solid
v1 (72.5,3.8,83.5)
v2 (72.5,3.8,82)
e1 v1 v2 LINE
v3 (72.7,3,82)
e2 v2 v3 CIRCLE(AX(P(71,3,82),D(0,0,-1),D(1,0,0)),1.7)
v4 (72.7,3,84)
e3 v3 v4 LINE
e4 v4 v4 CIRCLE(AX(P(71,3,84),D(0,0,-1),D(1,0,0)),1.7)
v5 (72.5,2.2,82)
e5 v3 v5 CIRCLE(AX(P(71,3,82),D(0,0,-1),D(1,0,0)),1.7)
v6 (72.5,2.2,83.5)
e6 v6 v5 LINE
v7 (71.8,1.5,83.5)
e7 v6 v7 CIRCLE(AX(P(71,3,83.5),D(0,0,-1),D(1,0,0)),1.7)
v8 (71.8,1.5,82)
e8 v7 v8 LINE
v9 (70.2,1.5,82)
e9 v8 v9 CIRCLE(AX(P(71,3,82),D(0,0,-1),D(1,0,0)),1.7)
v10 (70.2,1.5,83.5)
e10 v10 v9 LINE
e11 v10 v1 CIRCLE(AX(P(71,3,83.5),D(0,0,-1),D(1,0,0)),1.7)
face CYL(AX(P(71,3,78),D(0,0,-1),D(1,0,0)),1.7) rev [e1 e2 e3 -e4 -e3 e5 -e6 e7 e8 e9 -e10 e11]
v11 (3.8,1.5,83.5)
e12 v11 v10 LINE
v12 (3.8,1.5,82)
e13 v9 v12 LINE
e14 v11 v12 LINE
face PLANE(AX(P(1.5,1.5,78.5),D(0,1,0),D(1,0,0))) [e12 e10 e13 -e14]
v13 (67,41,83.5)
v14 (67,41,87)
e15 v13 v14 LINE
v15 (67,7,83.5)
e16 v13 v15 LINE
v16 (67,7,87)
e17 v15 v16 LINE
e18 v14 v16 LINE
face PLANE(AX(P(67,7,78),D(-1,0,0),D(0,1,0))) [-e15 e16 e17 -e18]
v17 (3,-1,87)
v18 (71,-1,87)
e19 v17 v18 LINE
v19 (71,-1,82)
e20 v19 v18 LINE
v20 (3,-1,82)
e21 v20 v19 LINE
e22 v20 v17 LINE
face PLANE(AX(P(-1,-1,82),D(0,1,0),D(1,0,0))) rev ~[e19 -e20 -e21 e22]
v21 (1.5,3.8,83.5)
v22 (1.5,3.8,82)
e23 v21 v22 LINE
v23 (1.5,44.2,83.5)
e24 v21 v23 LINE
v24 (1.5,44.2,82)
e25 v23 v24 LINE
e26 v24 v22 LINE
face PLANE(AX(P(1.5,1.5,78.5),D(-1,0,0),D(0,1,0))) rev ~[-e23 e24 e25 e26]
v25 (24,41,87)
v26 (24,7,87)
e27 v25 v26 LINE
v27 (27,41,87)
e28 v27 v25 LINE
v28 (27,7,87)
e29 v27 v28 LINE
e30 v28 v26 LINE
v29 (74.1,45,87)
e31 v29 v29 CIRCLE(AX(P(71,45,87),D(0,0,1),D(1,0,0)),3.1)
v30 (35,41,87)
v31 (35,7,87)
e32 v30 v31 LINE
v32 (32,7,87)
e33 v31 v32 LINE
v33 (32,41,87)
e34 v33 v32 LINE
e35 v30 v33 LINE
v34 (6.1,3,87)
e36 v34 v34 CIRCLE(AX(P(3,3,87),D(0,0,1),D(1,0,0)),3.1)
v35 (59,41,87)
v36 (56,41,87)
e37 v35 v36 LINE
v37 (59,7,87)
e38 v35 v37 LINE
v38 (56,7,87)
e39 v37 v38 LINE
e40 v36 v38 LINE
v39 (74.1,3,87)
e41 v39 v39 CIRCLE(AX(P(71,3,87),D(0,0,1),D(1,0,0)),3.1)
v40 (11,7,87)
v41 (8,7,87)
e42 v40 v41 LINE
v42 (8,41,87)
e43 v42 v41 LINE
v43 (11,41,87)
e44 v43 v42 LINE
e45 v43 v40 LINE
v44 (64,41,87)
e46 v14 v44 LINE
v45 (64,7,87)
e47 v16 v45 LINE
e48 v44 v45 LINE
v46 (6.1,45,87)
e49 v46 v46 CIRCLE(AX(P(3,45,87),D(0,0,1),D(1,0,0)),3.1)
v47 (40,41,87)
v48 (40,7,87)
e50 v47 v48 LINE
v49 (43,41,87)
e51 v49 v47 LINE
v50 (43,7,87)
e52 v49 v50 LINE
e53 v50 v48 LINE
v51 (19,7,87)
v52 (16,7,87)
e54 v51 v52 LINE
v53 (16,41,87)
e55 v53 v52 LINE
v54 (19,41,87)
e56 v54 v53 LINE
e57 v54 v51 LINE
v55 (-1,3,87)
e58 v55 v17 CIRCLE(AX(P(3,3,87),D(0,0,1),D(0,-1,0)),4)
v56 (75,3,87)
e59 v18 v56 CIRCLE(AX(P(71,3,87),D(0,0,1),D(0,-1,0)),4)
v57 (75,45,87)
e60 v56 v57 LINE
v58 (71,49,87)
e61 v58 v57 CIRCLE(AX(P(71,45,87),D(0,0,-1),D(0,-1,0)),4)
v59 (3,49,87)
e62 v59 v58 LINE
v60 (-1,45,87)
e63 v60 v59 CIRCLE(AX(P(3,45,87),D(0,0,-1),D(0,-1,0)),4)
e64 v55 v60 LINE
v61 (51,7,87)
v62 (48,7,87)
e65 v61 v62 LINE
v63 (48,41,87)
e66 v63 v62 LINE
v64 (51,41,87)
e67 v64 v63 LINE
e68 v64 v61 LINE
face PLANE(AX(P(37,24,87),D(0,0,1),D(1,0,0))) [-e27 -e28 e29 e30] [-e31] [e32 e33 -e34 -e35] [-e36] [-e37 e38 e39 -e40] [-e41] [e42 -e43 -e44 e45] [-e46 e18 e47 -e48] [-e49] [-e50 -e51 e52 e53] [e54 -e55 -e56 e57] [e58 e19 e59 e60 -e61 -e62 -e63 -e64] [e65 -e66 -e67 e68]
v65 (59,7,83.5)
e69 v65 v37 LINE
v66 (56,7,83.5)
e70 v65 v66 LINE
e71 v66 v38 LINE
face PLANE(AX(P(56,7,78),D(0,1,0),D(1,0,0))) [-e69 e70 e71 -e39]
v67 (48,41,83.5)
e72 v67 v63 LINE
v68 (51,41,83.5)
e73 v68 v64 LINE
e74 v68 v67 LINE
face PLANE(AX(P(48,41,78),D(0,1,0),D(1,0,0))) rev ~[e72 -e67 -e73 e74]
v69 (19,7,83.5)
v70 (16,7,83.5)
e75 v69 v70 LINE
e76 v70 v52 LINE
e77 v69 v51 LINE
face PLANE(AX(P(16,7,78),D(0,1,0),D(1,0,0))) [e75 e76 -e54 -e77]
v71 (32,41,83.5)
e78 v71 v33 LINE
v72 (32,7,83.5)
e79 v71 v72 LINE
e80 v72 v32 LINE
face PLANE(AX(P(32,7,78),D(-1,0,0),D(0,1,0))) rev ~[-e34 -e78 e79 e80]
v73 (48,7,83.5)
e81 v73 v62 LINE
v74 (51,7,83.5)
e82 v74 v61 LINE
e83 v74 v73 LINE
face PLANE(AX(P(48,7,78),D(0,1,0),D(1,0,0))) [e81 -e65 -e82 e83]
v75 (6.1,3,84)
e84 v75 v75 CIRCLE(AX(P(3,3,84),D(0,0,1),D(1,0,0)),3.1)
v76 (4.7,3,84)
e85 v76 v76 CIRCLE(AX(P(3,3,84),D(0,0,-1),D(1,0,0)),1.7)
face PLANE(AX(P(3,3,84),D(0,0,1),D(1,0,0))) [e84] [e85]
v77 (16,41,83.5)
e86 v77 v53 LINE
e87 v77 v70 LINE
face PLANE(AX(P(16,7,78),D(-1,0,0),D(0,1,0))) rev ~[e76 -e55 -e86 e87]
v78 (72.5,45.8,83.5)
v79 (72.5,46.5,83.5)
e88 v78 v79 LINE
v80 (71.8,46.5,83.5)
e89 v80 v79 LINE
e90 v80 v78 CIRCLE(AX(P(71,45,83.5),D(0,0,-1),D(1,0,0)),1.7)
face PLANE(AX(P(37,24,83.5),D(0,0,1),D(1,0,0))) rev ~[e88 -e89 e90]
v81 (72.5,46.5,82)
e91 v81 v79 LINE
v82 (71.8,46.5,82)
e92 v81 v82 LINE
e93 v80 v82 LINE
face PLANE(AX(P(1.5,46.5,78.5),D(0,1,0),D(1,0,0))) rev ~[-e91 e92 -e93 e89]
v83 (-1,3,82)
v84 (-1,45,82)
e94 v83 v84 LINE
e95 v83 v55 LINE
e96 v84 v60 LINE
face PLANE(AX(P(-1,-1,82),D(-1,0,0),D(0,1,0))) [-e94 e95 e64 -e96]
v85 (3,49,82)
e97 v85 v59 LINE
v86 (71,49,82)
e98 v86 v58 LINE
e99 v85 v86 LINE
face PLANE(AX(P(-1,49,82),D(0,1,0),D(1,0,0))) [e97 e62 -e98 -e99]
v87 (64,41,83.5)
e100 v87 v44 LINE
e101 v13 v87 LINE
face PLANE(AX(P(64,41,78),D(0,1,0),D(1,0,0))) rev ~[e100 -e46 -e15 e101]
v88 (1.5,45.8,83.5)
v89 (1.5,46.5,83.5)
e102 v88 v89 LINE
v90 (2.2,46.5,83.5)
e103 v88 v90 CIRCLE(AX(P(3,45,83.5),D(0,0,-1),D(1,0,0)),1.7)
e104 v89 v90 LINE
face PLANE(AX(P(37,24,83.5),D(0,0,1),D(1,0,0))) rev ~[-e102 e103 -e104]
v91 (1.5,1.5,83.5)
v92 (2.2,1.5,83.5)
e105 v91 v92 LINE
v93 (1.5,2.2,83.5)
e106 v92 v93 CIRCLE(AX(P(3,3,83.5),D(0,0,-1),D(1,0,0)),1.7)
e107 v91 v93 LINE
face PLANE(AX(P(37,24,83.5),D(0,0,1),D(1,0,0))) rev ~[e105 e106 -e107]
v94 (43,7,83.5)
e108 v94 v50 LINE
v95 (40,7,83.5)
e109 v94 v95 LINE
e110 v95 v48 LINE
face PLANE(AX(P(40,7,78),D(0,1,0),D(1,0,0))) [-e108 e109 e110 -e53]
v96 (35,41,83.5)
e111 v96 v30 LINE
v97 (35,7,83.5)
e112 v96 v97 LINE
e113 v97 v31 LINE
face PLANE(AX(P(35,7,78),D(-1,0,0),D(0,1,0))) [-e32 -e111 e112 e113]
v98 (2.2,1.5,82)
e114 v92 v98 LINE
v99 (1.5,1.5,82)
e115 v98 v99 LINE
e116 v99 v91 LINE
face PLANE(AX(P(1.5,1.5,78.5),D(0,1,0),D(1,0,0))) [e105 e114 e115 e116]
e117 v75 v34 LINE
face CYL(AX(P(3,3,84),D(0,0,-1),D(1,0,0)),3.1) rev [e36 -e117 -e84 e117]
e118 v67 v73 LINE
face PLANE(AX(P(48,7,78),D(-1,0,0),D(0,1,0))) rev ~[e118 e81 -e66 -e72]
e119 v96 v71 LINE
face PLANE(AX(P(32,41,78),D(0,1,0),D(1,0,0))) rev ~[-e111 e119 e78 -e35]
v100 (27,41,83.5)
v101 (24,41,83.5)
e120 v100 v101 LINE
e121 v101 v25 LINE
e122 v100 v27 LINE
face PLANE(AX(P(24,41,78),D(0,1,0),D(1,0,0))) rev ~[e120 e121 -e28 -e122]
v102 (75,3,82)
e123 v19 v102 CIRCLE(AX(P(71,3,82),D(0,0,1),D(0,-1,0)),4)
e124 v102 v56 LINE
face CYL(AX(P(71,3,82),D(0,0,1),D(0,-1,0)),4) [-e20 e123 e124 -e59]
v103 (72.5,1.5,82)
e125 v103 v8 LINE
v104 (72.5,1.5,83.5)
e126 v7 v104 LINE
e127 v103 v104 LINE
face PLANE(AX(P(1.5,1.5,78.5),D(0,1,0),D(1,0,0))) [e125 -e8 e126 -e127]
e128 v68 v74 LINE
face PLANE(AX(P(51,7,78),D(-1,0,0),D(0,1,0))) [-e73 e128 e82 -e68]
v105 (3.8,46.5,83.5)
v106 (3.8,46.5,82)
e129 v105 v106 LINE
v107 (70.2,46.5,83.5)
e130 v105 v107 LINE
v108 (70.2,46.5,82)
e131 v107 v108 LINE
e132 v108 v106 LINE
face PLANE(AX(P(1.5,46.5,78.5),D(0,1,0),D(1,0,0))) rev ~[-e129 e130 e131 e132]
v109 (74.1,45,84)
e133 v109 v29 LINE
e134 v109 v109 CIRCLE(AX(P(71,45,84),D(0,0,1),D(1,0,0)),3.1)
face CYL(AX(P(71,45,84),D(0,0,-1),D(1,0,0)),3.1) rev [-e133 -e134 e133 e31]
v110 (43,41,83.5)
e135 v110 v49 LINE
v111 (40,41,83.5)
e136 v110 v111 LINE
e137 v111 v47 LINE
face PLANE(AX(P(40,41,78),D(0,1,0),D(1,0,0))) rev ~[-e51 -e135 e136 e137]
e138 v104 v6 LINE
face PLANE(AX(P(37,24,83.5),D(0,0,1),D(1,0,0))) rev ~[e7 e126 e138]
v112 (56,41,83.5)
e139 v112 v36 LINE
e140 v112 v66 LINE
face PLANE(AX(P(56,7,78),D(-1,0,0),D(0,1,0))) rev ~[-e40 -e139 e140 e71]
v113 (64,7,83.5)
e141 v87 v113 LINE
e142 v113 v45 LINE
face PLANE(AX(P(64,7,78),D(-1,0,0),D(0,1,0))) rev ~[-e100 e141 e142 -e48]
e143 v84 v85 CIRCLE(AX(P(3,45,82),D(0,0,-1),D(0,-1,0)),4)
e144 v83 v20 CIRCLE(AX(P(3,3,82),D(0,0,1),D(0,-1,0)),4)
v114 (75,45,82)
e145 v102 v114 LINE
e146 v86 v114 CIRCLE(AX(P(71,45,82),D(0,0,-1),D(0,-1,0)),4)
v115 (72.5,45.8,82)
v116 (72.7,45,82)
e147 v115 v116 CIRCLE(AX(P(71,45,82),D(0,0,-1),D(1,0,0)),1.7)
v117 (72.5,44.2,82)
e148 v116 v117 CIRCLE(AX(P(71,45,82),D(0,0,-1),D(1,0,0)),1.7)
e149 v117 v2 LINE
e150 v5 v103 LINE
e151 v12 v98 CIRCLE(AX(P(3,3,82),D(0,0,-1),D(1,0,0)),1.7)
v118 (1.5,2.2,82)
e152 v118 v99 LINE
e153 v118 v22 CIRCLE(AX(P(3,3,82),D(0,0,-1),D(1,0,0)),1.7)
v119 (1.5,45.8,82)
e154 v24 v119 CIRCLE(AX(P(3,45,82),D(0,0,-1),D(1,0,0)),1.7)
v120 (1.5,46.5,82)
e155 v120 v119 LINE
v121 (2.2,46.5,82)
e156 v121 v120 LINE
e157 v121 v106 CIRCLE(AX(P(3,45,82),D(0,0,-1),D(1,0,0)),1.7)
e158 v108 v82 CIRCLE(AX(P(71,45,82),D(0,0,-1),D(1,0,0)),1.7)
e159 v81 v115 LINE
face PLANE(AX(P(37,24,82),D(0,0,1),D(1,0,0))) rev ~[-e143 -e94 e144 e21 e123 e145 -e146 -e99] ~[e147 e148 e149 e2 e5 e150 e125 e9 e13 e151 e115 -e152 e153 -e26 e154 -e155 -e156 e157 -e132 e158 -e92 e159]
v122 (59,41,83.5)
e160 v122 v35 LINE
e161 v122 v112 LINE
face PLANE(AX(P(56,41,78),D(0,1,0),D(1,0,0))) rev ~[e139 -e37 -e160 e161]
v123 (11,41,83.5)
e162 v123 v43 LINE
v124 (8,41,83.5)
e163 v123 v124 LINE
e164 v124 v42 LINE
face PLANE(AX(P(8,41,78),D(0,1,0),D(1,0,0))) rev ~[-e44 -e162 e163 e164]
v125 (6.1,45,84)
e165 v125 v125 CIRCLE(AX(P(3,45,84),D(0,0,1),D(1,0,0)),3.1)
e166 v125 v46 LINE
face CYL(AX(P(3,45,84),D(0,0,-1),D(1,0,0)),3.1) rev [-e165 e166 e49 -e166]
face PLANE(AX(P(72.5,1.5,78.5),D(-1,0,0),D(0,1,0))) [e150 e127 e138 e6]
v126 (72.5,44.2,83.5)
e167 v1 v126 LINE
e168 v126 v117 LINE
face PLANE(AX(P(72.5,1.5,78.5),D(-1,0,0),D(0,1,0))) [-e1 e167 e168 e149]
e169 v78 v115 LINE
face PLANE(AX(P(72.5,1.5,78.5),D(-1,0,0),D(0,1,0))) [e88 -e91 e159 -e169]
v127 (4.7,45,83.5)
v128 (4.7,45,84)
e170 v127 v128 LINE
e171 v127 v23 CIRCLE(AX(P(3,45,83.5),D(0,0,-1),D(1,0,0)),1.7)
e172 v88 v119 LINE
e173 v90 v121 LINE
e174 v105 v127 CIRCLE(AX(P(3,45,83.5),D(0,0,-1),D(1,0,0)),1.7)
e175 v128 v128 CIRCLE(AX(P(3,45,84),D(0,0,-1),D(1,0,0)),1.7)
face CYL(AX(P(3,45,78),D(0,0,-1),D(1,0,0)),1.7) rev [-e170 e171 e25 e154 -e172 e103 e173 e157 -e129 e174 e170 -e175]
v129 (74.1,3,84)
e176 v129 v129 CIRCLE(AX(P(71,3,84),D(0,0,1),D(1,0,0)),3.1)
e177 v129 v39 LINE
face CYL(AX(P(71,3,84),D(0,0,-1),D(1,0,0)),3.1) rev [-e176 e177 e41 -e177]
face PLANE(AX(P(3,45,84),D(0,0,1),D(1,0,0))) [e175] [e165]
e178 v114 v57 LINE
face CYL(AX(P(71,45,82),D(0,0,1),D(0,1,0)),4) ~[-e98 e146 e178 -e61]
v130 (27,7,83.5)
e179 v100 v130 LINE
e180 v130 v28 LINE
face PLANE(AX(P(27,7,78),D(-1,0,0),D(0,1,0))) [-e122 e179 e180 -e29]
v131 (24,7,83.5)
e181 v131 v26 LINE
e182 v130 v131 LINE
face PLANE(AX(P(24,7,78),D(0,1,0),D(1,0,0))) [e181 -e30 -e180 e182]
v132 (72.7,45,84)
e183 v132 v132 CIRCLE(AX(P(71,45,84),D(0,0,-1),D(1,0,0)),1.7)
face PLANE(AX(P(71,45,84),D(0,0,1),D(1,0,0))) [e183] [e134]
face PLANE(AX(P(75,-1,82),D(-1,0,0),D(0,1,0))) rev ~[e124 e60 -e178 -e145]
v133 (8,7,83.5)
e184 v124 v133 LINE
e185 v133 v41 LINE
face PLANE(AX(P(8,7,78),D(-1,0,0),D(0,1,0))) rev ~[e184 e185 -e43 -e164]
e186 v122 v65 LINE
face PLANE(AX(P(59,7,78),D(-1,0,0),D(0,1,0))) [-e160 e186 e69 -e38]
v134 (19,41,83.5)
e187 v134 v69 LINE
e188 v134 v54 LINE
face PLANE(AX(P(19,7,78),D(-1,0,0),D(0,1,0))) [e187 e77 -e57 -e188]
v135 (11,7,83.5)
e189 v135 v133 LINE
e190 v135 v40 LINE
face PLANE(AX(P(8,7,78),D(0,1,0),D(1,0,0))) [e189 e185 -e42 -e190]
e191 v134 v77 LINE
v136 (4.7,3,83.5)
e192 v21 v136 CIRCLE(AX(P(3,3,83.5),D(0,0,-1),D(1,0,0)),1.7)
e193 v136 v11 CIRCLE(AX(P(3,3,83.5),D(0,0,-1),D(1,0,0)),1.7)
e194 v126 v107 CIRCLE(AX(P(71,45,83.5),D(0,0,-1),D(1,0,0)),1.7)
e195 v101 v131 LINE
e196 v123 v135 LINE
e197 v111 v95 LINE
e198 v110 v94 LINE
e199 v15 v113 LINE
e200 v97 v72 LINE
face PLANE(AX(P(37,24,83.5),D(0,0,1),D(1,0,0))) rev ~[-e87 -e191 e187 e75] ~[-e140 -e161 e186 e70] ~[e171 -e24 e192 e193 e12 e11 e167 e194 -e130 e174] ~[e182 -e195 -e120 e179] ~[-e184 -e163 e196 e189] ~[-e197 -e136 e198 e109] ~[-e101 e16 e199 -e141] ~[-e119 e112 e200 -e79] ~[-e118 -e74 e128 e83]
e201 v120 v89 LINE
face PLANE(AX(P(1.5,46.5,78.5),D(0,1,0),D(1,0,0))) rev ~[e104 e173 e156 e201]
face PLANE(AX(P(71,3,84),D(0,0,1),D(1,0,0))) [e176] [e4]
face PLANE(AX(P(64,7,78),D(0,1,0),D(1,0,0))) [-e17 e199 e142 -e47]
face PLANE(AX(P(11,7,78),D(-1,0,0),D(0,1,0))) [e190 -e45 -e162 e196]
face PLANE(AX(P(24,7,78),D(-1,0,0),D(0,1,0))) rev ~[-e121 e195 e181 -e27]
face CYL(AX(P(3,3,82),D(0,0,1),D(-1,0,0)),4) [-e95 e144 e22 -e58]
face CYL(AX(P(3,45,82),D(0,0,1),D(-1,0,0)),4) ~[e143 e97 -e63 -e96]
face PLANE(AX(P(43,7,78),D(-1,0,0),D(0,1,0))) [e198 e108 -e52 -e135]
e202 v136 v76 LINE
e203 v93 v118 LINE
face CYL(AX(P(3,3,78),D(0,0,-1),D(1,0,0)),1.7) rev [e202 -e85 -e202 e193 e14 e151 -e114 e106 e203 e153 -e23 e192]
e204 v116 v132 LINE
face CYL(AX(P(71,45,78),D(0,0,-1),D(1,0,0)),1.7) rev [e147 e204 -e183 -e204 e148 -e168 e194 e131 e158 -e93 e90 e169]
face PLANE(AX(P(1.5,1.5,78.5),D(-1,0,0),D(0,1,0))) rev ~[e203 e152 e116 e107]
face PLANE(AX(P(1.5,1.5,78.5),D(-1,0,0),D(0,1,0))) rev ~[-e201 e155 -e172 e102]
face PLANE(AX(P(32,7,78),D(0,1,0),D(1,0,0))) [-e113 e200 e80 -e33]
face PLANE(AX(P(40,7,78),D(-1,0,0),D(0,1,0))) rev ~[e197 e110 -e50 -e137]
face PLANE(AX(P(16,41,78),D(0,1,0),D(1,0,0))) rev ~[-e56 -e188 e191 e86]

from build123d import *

# Parameters (mm, degrees)
BOX010_W          = 3
BOX010_H          = 34
BOX010_DEPTH      = 15
BOX016_W          = 3
BOX016_H          = 34
BOX016_DEPTH      = 15
BOX013_W          = 3
BOX013_H          = 34
BOX013_DEPTH      = 15
BOX015_W          = 3
BOX015_H          = 34
BOX015_DEPTH      = 15
BOX012_W          = 3
BOX012_H          = 34
BOX012_DEPTH      = 15
BOX014_W          = 3
BOX014_H          = 34
BOX014_DEPTH      = 15
BOX011_W          = 3
BOX011_H          = 34
BOX011_DEPTH      = 15
BOX009_W          = 3
BOX009_H          = 34
BOX009_DEPTH      = 15
CYLINDER015_R     = 3.1
CYLINDER015_DEPTH = 3
CYLINDER017_R     = 3.1
CYLINDER017_DEPTH = 3
CYLINDER016_R     = 3.1
CYLINDER016_DEPTH = 3
CYLINDER014_R     = 3.1
CYLINDER014_DEPTH = 3
CYLINDER010_R     = 1.7
CYLINDER010_DEPTH = 10
CYLINDER013_R     = 1.7
CYLINDER013_DEPTH = 10
CYLINDER011_R     = 1.7
CYLINDER011_DEPTH = 10
CYLINDER012_R     = 1.7
CYLINDER012_DEPTH = 10
BOX008_W          = 71
BOX008_H          = 45
BOX008_DEPTH      = 5
BOX007_W          = 76
BOX007_H          = 50
BOX007_DEPTH      = 5
FILLET006_R       = 4


with BuildPart() as cubo001:
    # Box010 → Box010 (new body)
    with BuildSketch(Plane(origin=(16, 7, 46), x_dir=(1, 0, 0), z_dir=(0, 0, 1))):
        with Locations((1.5, 17)):
            Rectangle(BOX010_W, BOX010_H)
    extrude(amount=BOX010_DEPTH)


with BuildPart() as cubo007:
    # Box016 → Box016 (new body)
    with BuildSketch(Plane(origin=(64, 7, 46), x_dir=(1, 0, 0), z_dir=(0, 0, 1))):
        with Locations((1.5, 17)):
            Rectangle(BOX016_W, BOX016_H)
    extrude(amount=BOX016_DEPTH)


with BuildPart() as cubo004:
    # Box013 → Box013 (new body)
    with BuildSketch(Plane(origin=(40, 7, 46), x_dir=(1, 0, 0), z_dir=(0, 0, 1))):
        with Locations((1.5, 17)):
            Rectangle(BOX013_W, BOX013_H)
    extrude(amount=BOX013_DEPTH)


with BuildPart() as cubo006:
    # Box015 → Box015 (new body)
    with BuildSketch(Plane(origin=(56, 7, 46), x_dir=(1, 0, 0), z_dir=(0, 0, 1))):
        with Locations((1.5, 17)):
            Rectangle(BOX015_W, BOX015_H)
    extrude(amount=BOX015_DEPTH)


with BuildPart() as cubo003:
    # Box012 → Box012 (new body)
    with BuildSketch(Plane(origin=(32, 7, 46), x_dir=(1, 0, 0), z_dir=(0, 0, 1))):
        with Locations((1.5, 17)):
            Rectangle(BOX012_W, BOX012_H)
    extrude(amount=BOX012_DEPTH)


with BuildPart() as cubo005:
    # Box014 → Box014 (new body)
    with BuildSketch(Plane(origin=(48, 7, 46), x_dir=(1, 0, 0), z_dir=(0, 0, 1))):
        with Locations((1.5, 17)):
            Rectangle(BOX014_W, BOX014_H)
    extrude(amount=BOX014_DEPTH)


with BuildPart() as cubo002:
    # Box011 → Box011 (new body)
    with BuildSketch(Plane(origin=(24, 7, 46), x_dir=(1, 0, 0), z_dir=(0, 0, 1))):
        with Locations((1.5, 17)):
            Rectangle(BOX011_W, BOX011_H)
    extrude(amount=BOX011_DEPTH)


with BuildPart() as fusion006:
    # Box009 → Box009 (new body)
    with BuildSketch(Plane(origin=(8, 7, 46), x_dir=(1, 0, 0), z_dir=(0, 0, 1))):
        with Locations((1.5, 17)):
            Rectangle(BOX009_W, BOX009_H)
    extrude(amount=BOX009_DEPTH)

    # Fusion006: union Cubo001, Cubo007, Cubo004, Cubo006, Cubo003, Cubo005, Cubo002
    add(cubo001.part)
    add(cubo007.part)
    add(cubo004.part)
    add(cubo006.part)
    add(cubo003.part)
    add(cubo005.part)
    add(cubo002.part)


with BuildPart() as orificio_tornillo009:
    # Cylinder015 → Cylinder015 (new body)
    with BuildSketch(Plane(origin=(71, 3, 40), x_dir=(1, 0, 0), z_dir=(0, 0, 1))):
        Circle(CYLINDER015_R)
    extrude(amount=CYLINDER015_DEPTH)


with BuildPart() as orificio_tornillo011:
    # Cylinder017 → Cylinder017 (new body)
    with BuildSketch(Plane(origin=(3, 45, 40), x_dir=(1, 0, 0), z_dir=(0, 0, 1))):
        Circle(CYLINDER017_R)
    extrude(amount=CYLINDER017_DEPTH)


with BuildPart() as orificio_tornillo010:
    # Cylinder016 → Cylinder016 (new body)
    with BuildSketch(Plane(origin=(71, 45, 40), x_dir=(1, 0, 0), z_dir=(0, 0, 1))):
        Circle(CYLINDER016_R)
    extrude(amount=CYLINDER016_DEPTH)


with BuildPart() as orificions_cabezas_superior:
    # Cylinder014 → Cylinder014 (new body)
    with BuildSketch(Plane(origin=(3, 3, 40), x_dir=(1, 0, 0), z_dir=(0, 0, 1))):
        Circle(CYLINDER014_R)
    extrude(amount=CYLINDER014_DEPTH)

    # Fusion005: union orificio tornillo009, orificio tornillo011, orificio tornillo010
    add(orificio_tornillo009.part)
    add(orificio_tornillo011.part)
    add(orificio_tornillo010.part)


with BuildPart() as orificions_cabezas_superior_1:
    # Fusion005 placement: moved
    add(orificions_cabezas_superior.part.moved(Location((0, 0, 12))))


with BuildPart() as orificio_tornillo004:
    # Cylinder010 → Cylinder010 (new body)
    with BuildSketch(Plane(origin=(71, 3, 40), x_dir=(1, 0, 0), z_dir=(0, 0, 1))):
        Circle(CYLINDER010_R)
    extrude(amount=CYLINDER010_DEPTH)


with BuildPart() as orificio_tornillo007:
    # Cylinder013 → Cylinder013 (new body)
    with BuildSketch(Plane(origin=(3, 45, 40), x_dir=(1, 0, 0), z_dir=(0, 0, 1))):
        Circle(CYLINDER013_R)
    extrude(amount=CYLINDER013_DEPTH)


with BuildPart() as orificio_tornillo005:
    # Cylinder011 → Cylinder011 (new body)
    with BuildSketch(Plane(origin=(71, 45, 40), x_dir=(1, 0, 0), z_dir=(0, 0, 1))):
        Circle(CYLINDER011_R)
    extrude(amount=CYLINDER011_DEPTH)


with BuildPart() as orificions_tornillos001:
    # Cylinder012 → Cylinder012 (new body)
    with BuildSketch(Plane(origin=(3, 3, 40), x_dir=(1, 0, 0), z_dir=(0, 0, 1))):
        Circle(CYLINDER012_R)
    extrude(amount=CYLINDER012_DEPTH)

    # Fusion004: union orificio tornillo004, orificio tornillo007, orificio tornillo005
    add(orificio_tornillo004.part)
    add(orificio_tornillo007.part)
    add(orificio_tornillo005.part)


with BuildPart() as orificions_tornillos001_1:
    # Fusion004 placement: moved
    add(orificions_tornillos001.part.moved(Location((0, 0, 6))))


with BuildPart() as vaciado_interior001:
    # Box008 → Box008 (new body)
    with BuildSketch(Plane(origin=(1.5, 1.5, 46.5), x_dir=(1, 0, 0), z_dir=(0, 0, 1))):
        with Locations((35.5, 22.5)):
            Rectangle(BOX008_W, BOX008_H)
    extrude(amount=BOX008_DEPTH)


with BuildPart() as tapa_superior_completa:
    # Box007 → Box007 (new body)
    with BuildSketch(Plane(origin=(-1, -1, 50), x_dir=(1, 0, 0), z_dir=(0, 0, 1))):
        with Locations((38, 25)):
            Rectangle(BOX007_W, BOX007_H)
    extrude(amount=BOX007_DEPTH)

    # Cut006: cut vaciado interior001
    add(vaciado_interior001.part, mode=Mode.SUBTRACT)

    # Fillet006
    fillet006_edges = [tapa_superior_completa.edges().sort_by_distance(p)[0] for p in [
        (-1, -1, 52.5),
        (-1, 49, 52.5),
        (75, -1, 52.5),
        (75, 49, 52.5),
    ]]
    fillet(fillet006_edges, radius=FILLET006_R)

    # Cut007: cut orificions tornillos001
    add(orificions_tornillos001_1.part, mode=Mode.SUBTRACT)

    # Cut008: cut orificions cabezas superior
    add(orificions_cabezas_superior_1.part, mode=Mode.SUBTRACT)

    # Cut009: cut Fusion006
    add(fusion006.part, mode=Mode.SUBTRACT)


with BuildPart() as tapa_superior_completa_1:
    # Cut009 placement: moved
    add(tapa_superior_completa.part.moved(Location((0, 0, 32))))


solid = tapa_superior_completa_1.part
